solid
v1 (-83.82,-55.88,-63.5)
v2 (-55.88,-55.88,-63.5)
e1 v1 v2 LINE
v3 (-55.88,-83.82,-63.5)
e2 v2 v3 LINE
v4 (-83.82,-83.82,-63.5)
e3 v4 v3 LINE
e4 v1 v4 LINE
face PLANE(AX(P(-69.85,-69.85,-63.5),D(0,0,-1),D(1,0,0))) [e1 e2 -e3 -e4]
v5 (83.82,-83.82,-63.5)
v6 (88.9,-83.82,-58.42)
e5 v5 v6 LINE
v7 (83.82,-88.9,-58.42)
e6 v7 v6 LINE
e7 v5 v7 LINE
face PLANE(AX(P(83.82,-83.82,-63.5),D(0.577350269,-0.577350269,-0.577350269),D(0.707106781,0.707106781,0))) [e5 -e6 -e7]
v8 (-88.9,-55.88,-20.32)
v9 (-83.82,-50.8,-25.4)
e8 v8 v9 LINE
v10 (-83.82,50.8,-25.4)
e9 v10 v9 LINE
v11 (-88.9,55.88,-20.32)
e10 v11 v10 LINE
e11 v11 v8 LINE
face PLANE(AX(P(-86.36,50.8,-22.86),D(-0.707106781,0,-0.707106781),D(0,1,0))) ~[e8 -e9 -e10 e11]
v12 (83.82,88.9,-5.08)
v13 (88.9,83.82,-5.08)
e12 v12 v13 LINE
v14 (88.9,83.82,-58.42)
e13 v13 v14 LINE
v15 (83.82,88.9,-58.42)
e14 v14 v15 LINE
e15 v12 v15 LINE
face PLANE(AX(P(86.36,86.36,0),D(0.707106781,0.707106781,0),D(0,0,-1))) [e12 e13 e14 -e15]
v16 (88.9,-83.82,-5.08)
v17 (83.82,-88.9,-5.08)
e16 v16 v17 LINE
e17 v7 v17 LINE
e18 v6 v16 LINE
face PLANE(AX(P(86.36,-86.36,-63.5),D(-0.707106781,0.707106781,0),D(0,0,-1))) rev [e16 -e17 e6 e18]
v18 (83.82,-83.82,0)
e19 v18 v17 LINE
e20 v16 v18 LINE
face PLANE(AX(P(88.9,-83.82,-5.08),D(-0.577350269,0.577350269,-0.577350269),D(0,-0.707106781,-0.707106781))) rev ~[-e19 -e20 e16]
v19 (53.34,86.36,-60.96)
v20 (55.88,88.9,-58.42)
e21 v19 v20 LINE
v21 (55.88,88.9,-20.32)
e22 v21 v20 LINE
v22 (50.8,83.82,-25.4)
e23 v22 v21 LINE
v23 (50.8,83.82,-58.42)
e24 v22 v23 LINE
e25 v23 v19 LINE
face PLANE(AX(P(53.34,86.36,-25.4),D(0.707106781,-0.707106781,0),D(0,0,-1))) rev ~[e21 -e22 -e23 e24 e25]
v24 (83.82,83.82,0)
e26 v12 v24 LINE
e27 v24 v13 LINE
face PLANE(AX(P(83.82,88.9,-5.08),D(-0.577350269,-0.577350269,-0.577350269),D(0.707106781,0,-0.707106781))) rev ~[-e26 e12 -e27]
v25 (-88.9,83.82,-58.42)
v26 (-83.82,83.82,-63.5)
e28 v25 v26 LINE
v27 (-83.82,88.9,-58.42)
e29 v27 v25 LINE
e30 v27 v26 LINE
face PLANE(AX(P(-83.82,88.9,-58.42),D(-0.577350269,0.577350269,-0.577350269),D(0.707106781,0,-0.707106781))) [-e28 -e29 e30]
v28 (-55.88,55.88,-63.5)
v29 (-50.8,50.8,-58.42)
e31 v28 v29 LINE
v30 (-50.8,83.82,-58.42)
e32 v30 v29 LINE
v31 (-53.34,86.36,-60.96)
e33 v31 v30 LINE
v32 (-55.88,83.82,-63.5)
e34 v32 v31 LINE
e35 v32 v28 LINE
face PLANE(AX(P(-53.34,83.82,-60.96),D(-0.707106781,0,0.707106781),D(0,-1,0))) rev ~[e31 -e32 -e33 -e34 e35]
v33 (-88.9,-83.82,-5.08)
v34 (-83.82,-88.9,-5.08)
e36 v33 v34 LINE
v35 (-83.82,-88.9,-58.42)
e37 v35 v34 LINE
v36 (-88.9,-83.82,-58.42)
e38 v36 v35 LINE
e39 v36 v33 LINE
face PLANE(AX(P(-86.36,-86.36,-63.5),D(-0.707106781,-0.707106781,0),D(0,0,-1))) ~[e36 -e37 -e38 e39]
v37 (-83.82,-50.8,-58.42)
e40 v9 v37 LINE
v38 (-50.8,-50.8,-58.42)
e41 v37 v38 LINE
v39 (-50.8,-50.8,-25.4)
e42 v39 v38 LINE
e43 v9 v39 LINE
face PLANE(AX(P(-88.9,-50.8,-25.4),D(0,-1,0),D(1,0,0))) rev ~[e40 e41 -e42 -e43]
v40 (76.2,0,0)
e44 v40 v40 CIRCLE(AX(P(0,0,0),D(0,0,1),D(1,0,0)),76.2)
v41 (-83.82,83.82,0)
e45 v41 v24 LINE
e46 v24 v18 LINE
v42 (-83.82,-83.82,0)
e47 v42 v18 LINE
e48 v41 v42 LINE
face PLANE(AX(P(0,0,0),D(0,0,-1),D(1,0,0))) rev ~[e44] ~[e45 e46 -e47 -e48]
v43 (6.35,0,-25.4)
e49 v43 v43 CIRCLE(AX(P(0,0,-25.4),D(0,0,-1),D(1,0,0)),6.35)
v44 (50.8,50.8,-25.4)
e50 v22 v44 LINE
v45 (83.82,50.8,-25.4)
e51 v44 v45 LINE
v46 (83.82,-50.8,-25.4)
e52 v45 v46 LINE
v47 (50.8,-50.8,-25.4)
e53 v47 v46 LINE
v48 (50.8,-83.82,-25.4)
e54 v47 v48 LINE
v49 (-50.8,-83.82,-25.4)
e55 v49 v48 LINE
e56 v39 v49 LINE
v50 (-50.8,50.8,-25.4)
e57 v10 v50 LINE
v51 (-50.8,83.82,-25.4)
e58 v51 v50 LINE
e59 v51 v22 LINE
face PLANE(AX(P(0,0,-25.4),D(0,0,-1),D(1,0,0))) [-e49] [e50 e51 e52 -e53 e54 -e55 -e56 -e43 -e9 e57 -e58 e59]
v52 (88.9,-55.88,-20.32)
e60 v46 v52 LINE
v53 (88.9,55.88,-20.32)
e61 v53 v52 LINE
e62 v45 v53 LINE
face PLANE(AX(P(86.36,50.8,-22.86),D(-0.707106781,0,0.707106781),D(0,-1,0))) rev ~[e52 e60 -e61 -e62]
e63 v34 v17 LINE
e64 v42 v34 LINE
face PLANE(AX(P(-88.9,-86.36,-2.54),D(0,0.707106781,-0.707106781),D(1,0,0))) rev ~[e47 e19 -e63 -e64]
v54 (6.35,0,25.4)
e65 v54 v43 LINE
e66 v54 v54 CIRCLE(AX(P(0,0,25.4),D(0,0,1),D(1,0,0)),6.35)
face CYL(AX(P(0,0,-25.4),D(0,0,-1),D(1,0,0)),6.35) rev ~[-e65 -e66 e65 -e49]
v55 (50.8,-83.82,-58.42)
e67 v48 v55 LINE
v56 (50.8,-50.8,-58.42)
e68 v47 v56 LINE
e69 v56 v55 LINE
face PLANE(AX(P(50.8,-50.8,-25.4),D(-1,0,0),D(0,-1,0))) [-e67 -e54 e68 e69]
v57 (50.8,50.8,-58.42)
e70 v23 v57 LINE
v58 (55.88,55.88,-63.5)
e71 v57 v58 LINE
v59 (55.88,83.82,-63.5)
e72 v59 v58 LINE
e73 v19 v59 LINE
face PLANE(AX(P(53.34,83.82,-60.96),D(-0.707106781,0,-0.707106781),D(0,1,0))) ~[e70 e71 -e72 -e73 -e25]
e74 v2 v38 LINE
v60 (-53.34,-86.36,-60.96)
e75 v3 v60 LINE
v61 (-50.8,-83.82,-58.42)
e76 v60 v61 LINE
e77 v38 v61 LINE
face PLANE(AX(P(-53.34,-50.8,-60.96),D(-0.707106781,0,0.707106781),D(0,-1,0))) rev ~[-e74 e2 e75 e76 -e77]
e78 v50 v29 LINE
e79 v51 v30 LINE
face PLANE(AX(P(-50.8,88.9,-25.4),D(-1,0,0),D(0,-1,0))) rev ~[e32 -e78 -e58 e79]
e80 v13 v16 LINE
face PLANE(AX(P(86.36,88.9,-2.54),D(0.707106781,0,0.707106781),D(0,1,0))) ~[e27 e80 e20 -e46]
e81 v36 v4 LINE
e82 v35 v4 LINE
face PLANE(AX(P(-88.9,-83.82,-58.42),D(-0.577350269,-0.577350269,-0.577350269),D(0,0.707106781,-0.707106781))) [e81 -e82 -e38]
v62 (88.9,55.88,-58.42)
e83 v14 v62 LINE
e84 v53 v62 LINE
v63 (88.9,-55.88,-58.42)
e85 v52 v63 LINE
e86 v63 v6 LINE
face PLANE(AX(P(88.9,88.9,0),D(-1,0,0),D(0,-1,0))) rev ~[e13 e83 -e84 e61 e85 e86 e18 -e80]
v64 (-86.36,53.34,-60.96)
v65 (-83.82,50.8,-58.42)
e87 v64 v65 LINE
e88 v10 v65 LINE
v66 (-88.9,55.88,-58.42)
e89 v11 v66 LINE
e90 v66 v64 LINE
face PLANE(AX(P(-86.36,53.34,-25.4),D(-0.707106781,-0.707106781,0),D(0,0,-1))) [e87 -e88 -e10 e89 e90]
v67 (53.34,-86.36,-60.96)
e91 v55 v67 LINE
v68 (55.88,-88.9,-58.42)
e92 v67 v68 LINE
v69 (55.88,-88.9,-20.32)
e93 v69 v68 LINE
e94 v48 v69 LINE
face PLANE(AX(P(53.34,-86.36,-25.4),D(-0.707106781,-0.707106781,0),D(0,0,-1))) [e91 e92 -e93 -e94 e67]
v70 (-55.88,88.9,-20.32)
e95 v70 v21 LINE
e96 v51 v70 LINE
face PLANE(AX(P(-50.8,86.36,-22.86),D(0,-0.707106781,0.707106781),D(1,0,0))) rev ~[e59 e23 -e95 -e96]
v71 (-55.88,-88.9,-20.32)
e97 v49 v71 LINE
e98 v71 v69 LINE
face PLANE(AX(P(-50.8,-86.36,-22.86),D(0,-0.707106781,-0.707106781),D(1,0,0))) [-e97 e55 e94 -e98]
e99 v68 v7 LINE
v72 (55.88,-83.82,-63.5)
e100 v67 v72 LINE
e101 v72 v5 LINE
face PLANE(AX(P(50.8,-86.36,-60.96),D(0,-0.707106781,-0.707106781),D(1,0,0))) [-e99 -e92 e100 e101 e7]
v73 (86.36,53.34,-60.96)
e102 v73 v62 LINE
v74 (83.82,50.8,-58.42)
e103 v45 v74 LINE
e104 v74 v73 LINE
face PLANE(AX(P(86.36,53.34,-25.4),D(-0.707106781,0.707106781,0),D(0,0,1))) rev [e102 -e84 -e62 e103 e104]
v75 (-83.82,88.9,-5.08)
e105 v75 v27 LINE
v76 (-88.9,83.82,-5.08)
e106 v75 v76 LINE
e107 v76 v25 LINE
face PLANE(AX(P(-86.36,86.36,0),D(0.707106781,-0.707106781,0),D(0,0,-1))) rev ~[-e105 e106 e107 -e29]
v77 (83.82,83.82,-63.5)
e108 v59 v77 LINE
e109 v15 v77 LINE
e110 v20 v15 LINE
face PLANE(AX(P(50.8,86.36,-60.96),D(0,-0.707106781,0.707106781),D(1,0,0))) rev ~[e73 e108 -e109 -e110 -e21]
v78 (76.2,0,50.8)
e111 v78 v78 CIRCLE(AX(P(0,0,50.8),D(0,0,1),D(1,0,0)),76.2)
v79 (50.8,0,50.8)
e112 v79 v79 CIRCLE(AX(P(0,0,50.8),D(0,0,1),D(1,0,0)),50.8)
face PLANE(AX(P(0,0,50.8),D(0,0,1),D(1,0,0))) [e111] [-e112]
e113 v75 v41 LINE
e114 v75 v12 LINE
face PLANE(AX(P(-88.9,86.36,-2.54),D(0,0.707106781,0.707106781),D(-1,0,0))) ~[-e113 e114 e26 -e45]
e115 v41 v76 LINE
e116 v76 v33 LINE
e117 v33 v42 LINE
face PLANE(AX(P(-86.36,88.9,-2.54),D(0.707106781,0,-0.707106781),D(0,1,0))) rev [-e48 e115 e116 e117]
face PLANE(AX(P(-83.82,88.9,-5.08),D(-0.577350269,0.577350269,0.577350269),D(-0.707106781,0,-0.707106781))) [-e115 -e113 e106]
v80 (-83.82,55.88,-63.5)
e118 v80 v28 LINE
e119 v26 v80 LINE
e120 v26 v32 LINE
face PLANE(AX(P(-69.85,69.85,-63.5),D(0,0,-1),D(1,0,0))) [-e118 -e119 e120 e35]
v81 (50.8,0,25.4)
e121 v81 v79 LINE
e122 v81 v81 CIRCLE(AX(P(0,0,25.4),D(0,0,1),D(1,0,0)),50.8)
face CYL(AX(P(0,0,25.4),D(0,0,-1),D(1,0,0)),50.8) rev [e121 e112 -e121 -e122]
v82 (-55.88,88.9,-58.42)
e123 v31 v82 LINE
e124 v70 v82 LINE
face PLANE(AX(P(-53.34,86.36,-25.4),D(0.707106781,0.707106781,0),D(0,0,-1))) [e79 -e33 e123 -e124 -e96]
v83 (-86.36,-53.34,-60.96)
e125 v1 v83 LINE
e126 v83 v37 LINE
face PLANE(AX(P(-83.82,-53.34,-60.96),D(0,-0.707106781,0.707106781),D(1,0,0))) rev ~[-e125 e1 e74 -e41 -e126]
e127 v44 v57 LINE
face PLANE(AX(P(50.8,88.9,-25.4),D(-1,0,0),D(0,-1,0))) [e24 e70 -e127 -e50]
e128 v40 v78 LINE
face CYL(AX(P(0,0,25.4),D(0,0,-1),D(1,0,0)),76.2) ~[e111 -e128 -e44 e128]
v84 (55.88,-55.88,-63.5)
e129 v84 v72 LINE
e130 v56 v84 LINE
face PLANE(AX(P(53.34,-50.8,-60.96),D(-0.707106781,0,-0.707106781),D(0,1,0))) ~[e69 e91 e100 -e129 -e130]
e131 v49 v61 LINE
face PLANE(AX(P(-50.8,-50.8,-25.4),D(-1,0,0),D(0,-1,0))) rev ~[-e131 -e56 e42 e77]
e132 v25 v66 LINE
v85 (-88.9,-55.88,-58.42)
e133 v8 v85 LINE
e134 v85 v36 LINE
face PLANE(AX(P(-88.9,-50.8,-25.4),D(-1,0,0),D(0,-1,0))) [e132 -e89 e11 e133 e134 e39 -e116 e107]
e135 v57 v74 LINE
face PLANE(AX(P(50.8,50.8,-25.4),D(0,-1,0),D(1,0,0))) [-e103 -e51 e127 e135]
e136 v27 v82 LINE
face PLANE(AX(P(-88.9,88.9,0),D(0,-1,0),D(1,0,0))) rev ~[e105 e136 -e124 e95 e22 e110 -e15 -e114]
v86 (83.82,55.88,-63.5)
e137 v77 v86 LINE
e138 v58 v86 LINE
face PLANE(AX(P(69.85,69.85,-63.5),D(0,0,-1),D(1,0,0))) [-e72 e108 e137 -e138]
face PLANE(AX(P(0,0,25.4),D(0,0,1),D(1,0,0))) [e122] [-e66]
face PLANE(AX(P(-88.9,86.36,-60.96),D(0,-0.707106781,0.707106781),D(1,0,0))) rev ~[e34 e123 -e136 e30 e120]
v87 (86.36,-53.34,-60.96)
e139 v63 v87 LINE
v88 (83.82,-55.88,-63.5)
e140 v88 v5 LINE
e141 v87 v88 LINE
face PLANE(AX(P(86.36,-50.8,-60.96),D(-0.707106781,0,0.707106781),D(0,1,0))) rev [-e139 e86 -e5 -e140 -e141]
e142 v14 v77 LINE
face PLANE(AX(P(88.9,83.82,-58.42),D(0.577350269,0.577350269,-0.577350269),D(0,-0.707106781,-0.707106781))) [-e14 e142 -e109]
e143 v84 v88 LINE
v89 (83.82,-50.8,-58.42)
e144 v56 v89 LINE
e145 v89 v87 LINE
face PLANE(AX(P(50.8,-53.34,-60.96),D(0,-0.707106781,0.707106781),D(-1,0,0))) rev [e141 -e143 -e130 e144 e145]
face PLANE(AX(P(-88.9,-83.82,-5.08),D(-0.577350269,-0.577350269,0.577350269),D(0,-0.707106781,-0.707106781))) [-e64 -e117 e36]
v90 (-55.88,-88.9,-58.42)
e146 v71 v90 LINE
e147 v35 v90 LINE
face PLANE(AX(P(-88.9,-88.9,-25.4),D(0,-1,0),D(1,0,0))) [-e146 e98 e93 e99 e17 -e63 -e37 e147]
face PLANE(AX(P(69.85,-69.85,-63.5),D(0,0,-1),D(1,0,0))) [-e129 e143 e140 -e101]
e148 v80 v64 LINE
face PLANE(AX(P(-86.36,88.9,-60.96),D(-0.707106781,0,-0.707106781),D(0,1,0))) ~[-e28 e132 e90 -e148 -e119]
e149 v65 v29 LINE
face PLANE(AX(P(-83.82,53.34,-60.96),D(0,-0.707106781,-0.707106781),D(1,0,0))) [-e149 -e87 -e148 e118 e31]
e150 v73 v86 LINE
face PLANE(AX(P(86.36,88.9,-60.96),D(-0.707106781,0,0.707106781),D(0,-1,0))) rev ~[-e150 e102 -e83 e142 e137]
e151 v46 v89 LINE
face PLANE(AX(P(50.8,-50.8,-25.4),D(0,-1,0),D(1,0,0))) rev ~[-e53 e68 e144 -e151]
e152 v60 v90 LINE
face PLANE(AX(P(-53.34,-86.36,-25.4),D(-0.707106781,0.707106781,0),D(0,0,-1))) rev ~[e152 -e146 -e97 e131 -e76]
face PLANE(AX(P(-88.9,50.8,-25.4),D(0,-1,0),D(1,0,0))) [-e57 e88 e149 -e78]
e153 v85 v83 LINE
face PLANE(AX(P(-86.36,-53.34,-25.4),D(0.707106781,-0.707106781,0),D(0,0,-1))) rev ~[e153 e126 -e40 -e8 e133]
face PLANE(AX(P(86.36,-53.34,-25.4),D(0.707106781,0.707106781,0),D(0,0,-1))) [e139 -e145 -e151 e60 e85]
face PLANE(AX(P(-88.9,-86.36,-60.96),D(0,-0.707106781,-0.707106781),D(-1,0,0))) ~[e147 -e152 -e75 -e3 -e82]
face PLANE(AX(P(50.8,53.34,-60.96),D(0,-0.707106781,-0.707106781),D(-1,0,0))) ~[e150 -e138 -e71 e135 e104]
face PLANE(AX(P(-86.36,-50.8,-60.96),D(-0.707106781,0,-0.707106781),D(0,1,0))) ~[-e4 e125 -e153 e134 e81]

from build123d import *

# Parameters (mm, degrees)
F0_R      = 76.2
F1_DEPTH  = 25.4
F2_R      = 76.2
F2_R_2    = 50.8
F3_DEPTH  = 25.4
F4_R      = 6.35
F5_DEPTH  = 162.814
F6_W      = 177.8
F6_H      = 177.8
F7_DEPTH  = 25.4
F8_R      = 6.35
F9_DEPTH  = 67.818
F10_W     = 38.1
F10_H     = 38.1
F11_DEPTH = 38.1
F12_SIZE  = 5.08
F13_SIZE  = 5.08


with BuildPart() as f1:
    # F0 (on Top) → F1 (new body)
    with BuildSketch(Plane.XY):
        Circle(F0_R)
    extrude(amount=F1_DEPTH)

    # F2 (on face) → F3 (join)
    with BuildSketch(Plane.XY.offset(25.4)):
        Circle(F2_R)
        Circle(F2_R_2, mode=Mode.SUBTRACT)
    extrude(amount=F3_DEPTH)

    # F4 (on face) → F5 (cut)
    with BuildSketch(Plane.XY.offset(25.4)):
        Circle(F4_R)
    extrude(amount=-F5_DEPTH, mode=Mode.SUBTRACT)

    # F6 (on face) → F7 (join)
    with BuildSketch(Plane(origin=(0, 0, 0), x_dir=(1, 0, 0), z_dir=(0, 0, -1))):
        Rectangle(F6_W, F6_H)
    extrude(amount=F7_DEPTH)

    # F8 (on face) → F9 (cut)
    with BuildSketch(Plane(origin=(0, 0, -25.4), x_dir=(1, 0, 0), z_dir=(0, 0, -1))):
        Circle(F8_R)
    extrude(amount=-F9_DEPTH, mode=Mode.SUBTRACT)

    # F10 (on face) → F11 (join)
    with BuildSketch(Plane(origin=(0, 0, -25.4), x_dir=(1, 0, 0), z_dir=(0, 0, -1))):
        with Locations((-69.85, 69.85)):
            Rectangle(F10_W, F10_H)
        with Locations((-69.85, -69.85)):
            Rectangle(F10_W, F10_H)
        with Locations((69.85, 69.85)):
            Rectangle(F10_W, F10_H)
        with Locations((69.85, -69.85)):
            Rectangle(F10_W, F10_H)
    extrude(amount=F11_DEPTH)

    # F12
    f12_edges = [f1.edges().sort_by_distance(p)[0] for p in [
        (0, -88.9, 0),
        (-88.9, 0, 0),
        (88.9, 0, 0),
        (0, 88.9, 0),
        (88.9, -88.9, -31.75),
        (69.85, -88.9, -63.5),
        (50.8, -88.9, -44.45),
        (0, -88.9, -25.4),
        (-50.8, -88.9, -44.45),
        (-69.85, -88.9, -63.5),
        (-88.9, -88.9, -31.75),
        (-88.9, -69.85, -63.5),
        (-88.9, -50.8, -44.45),
        (-88.9, 0, -25.4),
        (-88.9, 50.8, -44.45),
        (-88.9, 69.85, -63.5),
        (-88.9, 88.9, -31.75),
        (-69.85, 88.9, -63.5),
        (-50.8, 88.9, -44.45),
        (0, 88.9, -25.4),
        (50.8, 88.9, -44.45),
        (69.85, 88.9, -63.5),
        (88.9, 88.9, -31.75),
        (88.9, 69.85, -63.5),
        (88.9, 50.8, -44.45),
        (88.9, 0, -25.4),
        (88.9, -50.8, -44.45),
        (88.9, -69.85, -63.5),
    ]]
    chamfer(f12_edges, length=F12_SIZE)

    # F13
    f13_edges = [f1.edges().sort_by_distance(p)[0] for p in [
        (-50.8, -67.31, -63.5),
        (-67.31, -50.8, -63.5),
        (50.8, -67.31, -63.5),
        (67.31, -50.8, -63.5),
        (-67.31, 50.8, -63.5),
        (-50.8, 67.31, -63.5),
        (67.31, 50.8, -63.5),
        (50.8, 67.31, -63.5),
    ]]
    chamfer(f13_edges, length=F13_SIZE)


solid = f1.part
